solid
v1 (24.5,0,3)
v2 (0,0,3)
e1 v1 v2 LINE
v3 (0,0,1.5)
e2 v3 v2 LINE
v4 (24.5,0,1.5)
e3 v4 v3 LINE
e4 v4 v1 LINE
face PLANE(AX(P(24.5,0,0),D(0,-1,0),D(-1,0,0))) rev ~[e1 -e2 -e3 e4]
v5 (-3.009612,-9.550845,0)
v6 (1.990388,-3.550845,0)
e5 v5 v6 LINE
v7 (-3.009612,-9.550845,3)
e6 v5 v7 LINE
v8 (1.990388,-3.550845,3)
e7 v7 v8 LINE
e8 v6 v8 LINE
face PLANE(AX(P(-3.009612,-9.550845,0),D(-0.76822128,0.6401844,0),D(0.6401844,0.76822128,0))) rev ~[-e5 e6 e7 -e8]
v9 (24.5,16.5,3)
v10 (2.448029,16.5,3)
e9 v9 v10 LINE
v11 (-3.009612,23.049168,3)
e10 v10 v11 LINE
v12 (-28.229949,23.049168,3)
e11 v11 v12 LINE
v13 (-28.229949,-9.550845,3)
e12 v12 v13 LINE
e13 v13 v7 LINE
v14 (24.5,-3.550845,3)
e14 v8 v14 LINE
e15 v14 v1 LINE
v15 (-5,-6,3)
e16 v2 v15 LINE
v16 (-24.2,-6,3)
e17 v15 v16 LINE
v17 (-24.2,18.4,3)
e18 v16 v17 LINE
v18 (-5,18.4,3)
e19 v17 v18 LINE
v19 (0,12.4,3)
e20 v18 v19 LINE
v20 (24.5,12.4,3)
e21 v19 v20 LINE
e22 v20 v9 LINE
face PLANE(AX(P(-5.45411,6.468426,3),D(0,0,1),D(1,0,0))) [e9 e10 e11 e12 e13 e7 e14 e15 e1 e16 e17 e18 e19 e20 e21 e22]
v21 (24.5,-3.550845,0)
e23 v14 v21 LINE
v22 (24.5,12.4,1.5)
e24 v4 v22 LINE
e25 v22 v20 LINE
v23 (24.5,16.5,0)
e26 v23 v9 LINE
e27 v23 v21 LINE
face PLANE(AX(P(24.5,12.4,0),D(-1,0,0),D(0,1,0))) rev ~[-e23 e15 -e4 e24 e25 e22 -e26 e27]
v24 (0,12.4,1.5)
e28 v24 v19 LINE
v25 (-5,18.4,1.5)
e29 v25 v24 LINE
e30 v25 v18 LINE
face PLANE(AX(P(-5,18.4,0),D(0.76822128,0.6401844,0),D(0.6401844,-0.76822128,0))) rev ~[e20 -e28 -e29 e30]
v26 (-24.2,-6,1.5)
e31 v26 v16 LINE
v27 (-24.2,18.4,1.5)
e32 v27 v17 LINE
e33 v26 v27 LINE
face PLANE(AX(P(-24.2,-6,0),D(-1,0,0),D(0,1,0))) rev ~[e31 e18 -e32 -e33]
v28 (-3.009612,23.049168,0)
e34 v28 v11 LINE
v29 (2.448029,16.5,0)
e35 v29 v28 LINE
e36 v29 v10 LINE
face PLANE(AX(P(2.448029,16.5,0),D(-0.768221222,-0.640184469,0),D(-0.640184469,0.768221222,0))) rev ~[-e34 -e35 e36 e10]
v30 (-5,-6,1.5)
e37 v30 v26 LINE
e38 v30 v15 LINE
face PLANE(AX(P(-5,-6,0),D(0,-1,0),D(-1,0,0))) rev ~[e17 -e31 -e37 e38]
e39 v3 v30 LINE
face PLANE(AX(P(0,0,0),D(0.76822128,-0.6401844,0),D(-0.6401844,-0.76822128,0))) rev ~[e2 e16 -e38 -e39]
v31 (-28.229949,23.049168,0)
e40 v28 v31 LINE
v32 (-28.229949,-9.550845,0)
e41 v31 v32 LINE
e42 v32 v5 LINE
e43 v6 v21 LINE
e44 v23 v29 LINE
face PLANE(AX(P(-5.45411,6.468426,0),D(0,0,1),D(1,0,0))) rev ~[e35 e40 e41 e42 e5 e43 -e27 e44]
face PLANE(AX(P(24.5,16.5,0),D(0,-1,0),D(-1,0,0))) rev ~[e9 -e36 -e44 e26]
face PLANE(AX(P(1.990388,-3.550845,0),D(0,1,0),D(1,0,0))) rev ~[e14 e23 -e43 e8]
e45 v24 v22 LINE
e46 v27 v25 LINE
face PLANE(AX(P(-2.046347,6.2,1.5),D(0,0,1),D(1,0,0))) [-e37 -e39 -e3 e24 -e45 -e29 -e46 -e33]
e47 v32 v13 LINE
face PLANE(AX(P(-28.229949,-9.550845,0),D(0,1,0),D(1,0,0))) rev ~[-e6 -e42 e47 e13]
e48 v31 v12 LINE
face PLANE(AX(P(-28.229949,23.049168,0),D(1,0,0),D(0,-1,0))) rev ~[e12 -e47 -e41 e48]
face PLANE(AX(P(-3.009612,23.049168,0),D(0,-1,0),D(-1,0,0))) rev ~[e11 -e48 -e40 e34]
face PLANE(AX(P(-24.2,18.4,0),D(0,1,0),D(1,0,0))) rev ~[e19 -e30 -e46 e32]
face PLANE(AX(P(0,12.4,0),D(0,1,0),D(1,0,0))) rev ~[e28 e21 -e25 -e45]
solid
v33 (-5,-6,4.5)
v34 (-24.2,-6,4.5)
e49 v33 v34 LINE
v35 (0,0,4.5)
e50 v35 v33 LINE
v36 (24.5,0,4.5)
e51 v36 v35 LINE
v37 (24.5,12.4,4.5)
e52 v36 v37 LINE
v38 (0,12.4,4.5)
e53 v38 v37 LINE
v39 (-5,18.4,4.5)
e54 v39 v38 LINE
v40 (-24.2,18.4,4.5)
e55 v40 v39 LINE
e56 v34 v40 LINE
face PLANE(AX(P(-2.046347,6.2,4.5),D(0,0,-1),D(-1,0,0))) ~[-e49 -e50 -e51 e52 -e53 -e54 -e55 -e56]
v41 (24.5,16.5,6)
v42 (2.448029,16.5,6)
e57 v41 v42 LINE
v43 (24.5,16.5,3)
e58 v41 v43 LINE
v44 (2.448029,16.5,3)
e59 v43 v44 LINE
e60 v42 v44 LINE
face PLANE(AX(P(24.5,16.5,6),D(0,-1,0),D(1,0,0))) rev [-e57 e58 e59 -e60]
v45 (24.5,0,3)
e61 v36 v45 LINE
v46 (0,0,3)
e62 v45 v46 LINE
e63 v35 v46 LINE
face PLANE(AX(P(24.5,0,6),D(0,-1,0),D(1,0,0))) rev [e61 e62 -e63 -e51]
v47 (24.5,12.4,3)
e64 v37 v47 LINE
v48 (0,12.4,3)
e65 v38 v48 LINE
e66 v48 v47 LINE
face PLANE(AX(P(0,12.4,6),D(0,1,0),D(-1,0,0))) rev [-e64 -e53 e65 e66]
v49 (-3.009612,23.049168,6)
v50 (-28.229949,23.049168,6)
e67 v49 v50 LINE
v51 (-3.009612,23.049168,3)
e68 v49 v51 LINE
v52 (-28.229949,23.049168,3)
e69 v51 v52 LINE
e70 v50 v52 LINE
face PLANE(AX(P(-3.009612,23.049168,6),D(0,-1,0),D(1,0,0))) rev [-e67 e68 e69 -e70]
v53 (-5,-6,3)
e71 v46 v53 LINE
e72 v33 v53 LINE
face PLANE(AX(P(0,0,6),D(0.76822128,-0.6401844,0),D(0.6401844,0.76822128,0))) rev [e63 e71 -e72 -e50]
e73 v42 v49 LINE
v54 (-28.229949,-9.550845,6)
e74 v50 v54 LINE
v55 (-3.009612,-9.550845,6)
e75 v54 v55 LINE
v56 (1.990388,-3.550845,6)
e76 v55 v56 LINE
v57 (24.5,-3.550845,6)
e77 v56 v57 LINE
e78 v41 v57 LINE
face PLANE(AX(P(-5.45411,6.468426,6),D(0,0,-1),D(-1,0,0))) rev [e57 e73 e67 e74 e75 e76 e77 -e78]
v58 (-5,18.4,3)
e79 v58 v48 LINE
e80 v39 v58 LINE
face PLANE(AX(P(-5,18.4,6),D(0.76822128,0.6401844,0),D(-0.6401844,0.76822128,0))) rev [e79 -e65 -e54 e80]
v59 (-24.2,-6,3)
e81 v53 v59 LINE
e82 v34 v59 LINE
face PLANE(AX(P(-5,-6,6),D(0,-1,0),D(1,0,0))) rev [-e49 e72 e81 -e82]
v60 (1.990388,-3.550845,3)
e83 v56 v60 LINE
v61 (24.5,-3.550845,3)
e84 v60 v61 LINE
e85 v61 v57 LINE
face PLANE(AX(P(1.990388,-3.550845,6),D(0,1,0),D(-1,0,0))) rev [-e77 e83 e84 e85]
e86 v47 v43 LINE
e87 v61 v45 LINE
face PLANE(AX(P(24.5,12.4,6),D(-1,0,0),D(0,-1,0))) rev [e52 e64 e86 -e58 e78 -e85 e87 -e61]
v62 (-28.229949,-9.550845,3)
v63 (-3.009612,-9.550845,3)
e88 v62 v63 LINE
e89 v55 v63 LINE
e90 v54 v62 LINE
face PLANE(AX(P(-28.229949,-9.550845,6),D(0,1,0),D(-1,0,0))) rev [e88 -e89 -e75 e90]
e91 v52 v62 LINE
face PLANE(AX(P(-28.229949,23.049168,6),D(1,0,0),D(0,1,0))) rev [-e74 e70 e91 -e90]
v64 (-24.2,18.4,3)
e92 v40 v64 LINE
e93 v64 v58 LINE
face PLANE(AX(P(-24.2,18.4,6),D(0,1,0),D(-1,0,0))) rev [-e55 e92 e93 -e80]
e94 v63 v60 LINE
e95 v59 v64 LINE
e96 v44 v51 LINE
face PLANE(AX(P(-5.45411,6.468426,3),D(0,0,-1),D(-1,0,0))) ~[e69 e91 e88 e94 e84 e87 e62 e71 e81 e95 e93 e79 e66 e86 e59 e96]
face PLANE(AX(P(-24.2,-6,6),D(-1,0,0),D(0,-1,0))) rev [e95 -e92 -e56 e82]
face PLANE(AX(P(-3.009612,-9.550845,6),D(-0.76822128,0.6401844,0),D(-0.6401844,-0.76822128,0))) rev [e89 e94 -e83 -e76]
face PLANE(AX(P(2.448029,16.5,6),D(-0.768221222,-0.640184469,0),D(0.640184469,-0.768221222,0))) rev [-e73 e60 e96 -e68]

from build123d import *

# Parameters (mm, degrees)
F1_DEPTH = 3
F2_DEPTH = 1.5


with BuildPart() as f1:
    # F0 (on Top) → F1 (new body)
    with BuildSketch(Plane.XY):
        Polygon((-24.2, -6), (-24.2, 18.4), (-5, 18.4), (0, 12.4), (24.5, 12.4), (24.5, 16.5), (2.448029, 16.5), (-3.009612, 23.049168), (-28.229949, 23.049168), (-28.229949, -9.550845), (-3.009612, -9.550845), (1.990388, -3.550845), (24.5, -3.550845), (24.5, 0), (0, 0), (-5, -6), align=None)
    extrude(amount=F1_DEPTH)

    # F0 (on Top) → F2 (join)
    with BuildSketch(Plane.XY):
        Polygon((-5, 18.4), (-24.2, 18.4), (-24.2, -6), (-5, -6), (0, 0), (24.5, 0), (24.5, 12.4), (0, 12.4), align=None)
        Polygon((-24.2, -6), (-24.2, 18.4), (-5, 18.4), (0, 12.4), (24.5, 12.4), (24.5, 16.5), (2.448029, 16.5), (-3.009612, 23.049168), (-28.229949, 23.049168), (-28.229949, -9.550845), (-3.009612, -9.550845), (1.990388, -3.550845), (24.5, -3.550845), (24.5, 0), (0, 0), (-5, -6), align=None)
    extrude(amount=F2_DEPTH)


with BuildPart() as f3_1:
    # F3: instance of F1
    add(f1.part.mirror(Plane(origin=(-6.607222, 7.398073, 3), x_dir=(1, 0, 0), z_dir=(0, 0, 1))))


solid = Compound([f1.part, f3_1.part])
